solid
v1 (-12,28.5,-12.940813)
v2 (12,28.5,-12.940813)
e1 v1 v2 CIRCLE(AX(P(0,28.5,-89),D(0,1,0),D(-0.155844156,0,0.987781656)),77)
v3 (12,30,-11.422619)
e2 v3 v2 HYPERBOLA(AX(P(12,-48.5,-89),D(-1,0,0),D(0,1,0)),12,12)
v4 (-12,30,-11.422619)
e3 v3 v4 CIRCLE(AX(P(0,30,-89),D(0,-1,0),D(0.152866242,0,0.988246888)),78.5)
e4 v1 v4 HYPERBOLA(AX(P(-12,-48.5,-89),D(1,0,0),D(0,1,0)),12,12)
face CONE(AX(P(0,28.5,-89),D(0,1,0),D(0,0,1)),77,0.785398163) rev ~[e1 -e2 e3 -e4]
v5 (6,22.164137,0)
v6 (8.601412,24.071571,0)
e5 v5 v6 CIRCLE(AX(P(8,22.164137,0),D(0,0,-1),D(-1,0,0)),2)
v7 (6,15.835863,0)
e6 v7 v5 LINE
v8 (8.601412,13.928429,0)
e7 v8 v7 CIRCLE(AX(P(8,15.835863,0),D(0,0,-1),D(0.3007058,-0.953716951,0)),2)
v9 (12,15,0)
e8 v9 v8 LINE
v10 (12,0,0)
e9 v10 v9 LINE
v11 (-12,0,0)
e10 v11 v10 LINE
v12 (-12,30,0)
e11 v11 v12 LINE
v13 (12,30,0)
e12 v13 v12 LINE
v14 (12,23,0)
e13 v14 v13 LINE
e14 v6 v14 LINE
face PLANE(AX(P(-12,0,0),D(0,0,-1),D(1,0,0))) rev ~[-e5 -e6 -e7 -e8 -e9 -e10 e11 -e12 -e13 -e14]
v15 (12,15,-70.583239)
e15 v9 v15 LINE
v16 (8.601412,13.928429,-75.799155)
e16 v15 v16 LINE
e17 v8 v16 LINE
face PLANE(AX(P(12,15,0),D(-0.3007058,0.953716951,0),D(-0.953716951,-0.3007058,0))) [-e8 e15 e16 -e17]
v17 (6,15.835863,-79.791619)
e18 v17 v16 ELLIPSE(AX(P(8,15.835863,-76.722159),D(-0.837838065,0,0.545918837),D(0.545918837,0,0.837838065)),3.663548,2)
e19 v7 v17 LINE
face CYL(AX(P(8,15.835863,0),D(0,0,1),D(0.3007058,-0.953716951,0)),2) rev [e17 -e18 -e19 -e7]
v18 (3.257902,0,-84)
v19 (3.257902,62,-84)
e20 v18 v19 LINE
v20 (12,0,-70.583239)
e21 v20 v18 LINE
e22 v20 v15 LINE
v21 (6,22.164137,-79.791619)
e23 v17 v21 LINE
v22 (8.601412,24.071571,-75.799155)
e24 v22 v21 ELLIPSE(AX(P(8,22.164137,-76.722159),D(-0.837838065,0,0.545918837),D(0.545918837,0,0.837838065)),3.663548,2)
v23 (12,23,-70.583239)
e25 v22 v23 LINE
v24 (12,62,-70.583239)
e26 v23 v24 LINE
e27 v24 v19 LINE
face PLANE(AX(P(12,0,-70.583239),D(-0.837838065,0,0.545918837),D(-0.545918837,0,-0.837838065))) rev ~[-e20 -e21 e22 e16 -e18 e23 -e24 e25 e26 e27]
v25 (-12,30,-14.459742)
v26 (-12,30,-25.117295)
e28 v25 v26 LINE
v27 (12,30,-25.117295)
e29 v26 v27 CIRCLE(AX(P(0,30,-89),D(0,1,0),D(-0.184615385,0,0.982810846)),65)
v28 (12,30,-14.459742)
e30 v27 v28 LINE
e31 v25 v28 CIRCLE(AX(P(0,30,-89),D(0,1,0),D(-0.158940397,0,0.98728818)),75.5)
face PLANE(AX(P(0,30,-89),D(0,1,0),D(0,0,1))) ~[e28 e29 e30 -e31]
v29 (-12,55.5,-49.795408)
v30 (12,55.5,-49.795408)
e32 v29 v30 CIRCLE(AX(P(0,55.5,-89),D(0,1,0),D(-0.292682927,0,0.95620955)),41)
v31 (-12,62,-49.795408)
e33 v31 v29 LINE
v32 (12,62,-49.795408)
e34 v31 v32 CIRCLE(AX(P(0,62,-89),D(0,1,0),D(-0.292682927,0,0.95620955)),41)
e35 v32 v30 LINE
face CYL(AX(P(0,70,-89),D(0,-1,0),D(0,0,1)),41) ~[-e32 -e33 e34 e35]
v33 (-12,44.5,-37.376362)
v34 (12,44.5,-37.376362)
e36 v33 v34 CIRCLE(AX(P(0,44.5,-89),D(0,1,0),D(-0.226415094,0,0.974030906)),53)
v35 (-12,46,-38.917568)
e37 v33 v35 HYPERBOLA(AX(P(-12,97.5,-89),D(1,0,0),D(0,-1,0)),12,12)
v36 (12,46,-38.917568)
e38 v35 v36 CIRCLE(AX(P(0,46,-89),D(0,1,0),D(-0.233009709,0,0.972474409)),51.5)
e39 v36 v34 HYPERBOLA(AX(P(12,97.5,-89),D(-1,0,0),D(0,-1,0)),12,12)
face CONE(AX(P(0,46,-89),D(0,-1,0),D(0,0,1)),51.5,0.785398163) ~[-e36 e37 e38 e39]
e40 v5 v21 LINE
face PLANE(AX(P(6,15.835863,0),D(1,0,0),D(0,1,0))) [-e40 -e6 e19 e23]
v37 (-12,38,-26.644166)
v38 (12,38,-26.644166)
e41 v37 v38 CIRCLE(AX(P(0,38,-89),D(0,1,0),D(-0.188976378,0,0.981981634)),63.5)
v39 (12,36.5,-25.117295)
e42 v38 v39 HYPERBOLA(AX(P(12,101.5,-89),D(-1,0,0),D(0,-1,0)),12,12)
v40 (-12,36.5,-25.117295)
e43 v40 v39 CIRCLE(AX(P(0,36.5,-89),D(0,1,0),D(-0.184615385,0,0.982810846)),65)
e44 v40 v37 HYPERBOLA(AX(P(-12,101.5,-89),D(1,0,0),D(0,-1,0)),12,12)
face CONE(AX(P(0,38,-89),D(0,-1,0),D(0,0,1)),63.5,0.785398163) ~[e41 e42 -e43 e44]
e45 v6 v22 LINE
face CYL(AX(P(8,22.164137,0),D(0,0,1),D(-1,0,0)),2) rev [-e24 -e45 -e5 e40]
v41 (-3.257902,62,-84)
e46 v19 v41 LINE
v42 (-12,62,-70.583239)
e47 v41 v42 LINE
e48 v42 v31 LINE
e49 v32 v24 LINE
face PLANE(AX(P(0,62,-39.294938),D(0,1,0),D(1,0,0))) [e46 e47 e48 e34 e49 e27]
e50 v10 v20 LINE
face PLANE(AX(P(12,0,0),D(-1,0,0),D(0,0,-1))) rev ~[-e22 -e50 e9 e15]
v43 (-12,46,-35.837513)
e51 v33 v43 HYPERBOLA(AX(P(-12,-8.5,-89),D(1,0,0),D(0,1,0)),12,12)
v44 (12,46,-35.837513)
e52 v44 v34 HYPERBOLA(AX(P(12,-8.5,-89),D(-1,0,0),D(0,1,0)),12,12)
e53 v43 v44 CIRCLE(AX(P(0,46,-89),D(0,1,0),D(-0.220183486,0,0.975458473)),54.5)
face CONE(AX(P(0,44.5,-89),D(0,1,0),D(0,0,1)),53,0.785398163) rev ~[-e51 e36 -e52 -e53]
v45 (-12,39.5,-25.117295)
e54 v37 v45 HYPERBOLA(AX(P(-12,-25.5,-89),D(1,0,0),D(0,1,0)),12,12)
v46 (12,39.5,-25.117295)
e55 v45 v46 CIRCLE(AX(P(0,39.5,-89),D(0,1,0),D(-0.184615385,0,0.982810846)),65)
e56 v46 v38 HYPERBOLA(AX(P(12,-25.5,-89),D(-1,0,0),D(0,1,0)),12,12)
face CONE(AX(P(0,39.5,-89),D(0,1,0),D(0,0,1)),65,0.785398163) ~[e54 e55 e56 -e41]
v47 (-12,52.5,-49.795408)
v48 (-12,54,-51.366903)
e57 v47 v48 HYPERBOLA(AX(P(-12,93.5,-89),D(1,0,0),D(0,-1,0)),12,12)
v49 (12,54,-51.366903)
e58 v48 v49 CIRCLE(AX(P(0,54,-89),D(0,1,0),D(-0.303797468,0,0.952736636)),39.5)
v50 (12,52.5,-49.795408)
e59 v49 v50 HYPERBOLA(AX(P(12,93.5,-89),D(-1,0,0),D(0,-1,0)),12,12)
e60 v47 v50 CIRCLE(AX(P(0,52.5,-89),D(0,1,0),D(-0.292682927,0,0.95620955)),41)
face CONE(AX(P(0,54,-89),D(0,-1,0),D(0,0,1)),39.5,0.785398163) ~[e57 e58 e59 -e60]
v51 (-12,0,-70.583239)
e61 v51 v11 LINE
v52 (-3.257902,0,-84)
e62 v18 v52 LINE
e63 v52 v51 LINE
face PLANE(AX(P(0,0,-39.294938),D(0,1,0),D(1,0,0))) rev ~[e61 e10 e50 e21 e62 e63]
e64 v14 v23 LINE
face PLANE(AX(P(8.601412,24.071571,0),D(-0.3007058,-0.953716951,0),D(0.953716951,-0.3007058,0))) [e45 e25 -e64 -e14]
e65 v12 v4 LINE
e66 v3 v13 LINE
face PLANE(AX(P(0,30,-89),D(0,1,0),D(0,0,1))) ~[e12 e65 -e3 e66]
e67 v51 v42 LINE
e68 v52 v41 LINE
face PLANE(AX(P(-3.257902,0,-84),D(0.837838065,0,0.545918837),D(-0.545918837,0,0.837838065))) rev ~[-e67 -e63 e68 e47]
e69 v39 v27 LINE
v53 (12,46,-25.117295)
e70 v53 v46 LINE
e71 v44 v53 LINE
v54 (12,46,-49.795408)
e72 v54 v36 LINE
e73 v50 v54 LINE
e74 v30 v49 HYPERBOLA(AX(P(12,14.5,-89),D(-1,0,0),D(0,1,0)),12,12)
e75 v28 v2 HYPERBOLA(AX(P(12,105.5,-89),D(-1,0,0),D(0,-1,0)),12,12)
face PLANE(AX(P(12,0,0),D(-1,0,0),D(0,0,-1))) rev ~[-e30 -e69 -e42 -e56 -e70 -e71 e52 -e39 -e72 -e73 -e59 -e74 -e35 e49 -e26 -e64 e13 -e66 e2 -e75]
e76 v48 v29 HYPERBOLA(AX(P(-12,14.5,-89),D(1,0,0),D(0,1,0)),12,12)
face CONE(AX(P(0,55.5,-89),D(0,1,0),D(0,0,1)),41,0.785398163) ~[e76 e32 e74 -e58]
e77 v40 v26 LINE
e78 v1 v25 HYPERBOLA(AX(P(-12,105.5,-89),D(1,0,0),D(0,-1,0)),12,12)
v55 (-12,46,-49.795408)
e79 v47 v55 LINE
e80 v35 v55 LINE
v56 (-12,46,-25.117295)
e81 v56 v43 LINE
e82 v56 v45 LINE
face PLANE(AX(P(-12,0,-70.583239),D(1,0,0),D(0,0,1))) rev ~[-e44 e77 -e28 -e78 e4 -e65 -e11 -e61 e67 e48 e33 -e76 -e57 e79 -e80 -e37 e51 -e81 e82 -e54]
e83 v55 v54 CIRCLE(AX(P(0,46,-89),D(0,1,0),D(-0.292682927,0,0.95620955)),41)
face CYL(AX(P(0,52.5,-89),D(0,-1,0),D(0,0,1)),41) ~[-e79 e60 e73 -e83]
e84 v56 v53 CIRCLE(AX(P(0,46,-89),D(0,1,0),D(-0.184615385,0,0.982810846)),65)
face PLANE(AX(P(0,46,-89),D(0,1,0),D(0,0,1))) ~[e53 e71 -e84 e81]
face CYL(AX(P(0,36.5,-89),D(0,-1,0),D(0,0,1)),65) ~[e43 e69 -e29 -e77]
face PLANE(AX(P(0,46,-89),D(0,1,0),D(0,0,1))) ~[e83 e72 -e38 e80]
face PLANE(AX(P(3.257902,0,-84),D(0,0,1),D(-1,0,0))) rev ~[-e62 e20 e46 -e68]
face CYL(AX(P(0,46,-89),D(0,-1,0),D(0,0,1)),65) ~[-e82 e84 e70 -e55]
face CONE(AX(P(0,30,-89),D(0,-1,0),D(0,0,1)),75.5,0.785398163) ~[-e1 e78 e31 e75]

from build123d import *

# Parameters (mm, degrees)
BOSS_EXTRUDE1_DEPTH = 62
CUT_EXTRUDE1_DEPTH  = 106.090437243


with BuildPart() as part:
    # Sketch1 → Boss-Extrude1 (new body)
    with BuildSketch(Plane(origin=(0, 0, 0), x_dir=(1, 0, 0), z_dir=(0, 1, 0))):
        Polygon((-12, 0), (12, 0), (12, 70.583238925), (3.257901851, 84), (-3.257901851, 84), (-12, 70.583238925), align=None)
    extrude(amount=BOSS_EXTRUDE1_DEPTH)

    # Sketch2 → Cut-Revolve4 (revolve, cut)
    with BuildSketch(Plane(origin=(0, 0, 0), x_dir=(0, 0, -1), z_dir=(1, 0, 0))):
        Polygon((48, 55.5), (49.5, 54), (48, 52.5), (48, 46), (37.5, 46), (36, 44.5), (34.5, 46), (24, 46), (24, 39.5), (25.5, 38), (24, 36.5), (24, 30), (13.5, 30), (12, 28.5), (10.5, 30), (-12, 30), (-12, 70), (48, 70), align=None)
    revolve(axis=Axis((0, 0, -89), (0, 1, 0)), mode=Mode.SUBTRACT)

    # Sketch3 → Cut-Extrude1 (cut, through all)
    with BuildSketch(Plane.XY):
        with BuildLine():
            Line((12, 15), (8.601411599, 13.928429193))
            ThreePointArc((8.601411599, 13.928429193), (6.817380703, 14.222973886), (6, 15.835863095))
            Line((6, 15.835863095), (6, 22.164136905))
            ThreePointArc((6, 22.164136905), (6.817380703, 23.777026114), (8.601411599, 24.071570807))
            Line((8.601411599, 24.071570807), (12, 23))
            Line((12, 23), (12, 15))
        make_face()
    extrude(amount=-CUT_EXTRUDE1_DEPTH, mode=Mode.SUBTRACT)


solid = part.part
